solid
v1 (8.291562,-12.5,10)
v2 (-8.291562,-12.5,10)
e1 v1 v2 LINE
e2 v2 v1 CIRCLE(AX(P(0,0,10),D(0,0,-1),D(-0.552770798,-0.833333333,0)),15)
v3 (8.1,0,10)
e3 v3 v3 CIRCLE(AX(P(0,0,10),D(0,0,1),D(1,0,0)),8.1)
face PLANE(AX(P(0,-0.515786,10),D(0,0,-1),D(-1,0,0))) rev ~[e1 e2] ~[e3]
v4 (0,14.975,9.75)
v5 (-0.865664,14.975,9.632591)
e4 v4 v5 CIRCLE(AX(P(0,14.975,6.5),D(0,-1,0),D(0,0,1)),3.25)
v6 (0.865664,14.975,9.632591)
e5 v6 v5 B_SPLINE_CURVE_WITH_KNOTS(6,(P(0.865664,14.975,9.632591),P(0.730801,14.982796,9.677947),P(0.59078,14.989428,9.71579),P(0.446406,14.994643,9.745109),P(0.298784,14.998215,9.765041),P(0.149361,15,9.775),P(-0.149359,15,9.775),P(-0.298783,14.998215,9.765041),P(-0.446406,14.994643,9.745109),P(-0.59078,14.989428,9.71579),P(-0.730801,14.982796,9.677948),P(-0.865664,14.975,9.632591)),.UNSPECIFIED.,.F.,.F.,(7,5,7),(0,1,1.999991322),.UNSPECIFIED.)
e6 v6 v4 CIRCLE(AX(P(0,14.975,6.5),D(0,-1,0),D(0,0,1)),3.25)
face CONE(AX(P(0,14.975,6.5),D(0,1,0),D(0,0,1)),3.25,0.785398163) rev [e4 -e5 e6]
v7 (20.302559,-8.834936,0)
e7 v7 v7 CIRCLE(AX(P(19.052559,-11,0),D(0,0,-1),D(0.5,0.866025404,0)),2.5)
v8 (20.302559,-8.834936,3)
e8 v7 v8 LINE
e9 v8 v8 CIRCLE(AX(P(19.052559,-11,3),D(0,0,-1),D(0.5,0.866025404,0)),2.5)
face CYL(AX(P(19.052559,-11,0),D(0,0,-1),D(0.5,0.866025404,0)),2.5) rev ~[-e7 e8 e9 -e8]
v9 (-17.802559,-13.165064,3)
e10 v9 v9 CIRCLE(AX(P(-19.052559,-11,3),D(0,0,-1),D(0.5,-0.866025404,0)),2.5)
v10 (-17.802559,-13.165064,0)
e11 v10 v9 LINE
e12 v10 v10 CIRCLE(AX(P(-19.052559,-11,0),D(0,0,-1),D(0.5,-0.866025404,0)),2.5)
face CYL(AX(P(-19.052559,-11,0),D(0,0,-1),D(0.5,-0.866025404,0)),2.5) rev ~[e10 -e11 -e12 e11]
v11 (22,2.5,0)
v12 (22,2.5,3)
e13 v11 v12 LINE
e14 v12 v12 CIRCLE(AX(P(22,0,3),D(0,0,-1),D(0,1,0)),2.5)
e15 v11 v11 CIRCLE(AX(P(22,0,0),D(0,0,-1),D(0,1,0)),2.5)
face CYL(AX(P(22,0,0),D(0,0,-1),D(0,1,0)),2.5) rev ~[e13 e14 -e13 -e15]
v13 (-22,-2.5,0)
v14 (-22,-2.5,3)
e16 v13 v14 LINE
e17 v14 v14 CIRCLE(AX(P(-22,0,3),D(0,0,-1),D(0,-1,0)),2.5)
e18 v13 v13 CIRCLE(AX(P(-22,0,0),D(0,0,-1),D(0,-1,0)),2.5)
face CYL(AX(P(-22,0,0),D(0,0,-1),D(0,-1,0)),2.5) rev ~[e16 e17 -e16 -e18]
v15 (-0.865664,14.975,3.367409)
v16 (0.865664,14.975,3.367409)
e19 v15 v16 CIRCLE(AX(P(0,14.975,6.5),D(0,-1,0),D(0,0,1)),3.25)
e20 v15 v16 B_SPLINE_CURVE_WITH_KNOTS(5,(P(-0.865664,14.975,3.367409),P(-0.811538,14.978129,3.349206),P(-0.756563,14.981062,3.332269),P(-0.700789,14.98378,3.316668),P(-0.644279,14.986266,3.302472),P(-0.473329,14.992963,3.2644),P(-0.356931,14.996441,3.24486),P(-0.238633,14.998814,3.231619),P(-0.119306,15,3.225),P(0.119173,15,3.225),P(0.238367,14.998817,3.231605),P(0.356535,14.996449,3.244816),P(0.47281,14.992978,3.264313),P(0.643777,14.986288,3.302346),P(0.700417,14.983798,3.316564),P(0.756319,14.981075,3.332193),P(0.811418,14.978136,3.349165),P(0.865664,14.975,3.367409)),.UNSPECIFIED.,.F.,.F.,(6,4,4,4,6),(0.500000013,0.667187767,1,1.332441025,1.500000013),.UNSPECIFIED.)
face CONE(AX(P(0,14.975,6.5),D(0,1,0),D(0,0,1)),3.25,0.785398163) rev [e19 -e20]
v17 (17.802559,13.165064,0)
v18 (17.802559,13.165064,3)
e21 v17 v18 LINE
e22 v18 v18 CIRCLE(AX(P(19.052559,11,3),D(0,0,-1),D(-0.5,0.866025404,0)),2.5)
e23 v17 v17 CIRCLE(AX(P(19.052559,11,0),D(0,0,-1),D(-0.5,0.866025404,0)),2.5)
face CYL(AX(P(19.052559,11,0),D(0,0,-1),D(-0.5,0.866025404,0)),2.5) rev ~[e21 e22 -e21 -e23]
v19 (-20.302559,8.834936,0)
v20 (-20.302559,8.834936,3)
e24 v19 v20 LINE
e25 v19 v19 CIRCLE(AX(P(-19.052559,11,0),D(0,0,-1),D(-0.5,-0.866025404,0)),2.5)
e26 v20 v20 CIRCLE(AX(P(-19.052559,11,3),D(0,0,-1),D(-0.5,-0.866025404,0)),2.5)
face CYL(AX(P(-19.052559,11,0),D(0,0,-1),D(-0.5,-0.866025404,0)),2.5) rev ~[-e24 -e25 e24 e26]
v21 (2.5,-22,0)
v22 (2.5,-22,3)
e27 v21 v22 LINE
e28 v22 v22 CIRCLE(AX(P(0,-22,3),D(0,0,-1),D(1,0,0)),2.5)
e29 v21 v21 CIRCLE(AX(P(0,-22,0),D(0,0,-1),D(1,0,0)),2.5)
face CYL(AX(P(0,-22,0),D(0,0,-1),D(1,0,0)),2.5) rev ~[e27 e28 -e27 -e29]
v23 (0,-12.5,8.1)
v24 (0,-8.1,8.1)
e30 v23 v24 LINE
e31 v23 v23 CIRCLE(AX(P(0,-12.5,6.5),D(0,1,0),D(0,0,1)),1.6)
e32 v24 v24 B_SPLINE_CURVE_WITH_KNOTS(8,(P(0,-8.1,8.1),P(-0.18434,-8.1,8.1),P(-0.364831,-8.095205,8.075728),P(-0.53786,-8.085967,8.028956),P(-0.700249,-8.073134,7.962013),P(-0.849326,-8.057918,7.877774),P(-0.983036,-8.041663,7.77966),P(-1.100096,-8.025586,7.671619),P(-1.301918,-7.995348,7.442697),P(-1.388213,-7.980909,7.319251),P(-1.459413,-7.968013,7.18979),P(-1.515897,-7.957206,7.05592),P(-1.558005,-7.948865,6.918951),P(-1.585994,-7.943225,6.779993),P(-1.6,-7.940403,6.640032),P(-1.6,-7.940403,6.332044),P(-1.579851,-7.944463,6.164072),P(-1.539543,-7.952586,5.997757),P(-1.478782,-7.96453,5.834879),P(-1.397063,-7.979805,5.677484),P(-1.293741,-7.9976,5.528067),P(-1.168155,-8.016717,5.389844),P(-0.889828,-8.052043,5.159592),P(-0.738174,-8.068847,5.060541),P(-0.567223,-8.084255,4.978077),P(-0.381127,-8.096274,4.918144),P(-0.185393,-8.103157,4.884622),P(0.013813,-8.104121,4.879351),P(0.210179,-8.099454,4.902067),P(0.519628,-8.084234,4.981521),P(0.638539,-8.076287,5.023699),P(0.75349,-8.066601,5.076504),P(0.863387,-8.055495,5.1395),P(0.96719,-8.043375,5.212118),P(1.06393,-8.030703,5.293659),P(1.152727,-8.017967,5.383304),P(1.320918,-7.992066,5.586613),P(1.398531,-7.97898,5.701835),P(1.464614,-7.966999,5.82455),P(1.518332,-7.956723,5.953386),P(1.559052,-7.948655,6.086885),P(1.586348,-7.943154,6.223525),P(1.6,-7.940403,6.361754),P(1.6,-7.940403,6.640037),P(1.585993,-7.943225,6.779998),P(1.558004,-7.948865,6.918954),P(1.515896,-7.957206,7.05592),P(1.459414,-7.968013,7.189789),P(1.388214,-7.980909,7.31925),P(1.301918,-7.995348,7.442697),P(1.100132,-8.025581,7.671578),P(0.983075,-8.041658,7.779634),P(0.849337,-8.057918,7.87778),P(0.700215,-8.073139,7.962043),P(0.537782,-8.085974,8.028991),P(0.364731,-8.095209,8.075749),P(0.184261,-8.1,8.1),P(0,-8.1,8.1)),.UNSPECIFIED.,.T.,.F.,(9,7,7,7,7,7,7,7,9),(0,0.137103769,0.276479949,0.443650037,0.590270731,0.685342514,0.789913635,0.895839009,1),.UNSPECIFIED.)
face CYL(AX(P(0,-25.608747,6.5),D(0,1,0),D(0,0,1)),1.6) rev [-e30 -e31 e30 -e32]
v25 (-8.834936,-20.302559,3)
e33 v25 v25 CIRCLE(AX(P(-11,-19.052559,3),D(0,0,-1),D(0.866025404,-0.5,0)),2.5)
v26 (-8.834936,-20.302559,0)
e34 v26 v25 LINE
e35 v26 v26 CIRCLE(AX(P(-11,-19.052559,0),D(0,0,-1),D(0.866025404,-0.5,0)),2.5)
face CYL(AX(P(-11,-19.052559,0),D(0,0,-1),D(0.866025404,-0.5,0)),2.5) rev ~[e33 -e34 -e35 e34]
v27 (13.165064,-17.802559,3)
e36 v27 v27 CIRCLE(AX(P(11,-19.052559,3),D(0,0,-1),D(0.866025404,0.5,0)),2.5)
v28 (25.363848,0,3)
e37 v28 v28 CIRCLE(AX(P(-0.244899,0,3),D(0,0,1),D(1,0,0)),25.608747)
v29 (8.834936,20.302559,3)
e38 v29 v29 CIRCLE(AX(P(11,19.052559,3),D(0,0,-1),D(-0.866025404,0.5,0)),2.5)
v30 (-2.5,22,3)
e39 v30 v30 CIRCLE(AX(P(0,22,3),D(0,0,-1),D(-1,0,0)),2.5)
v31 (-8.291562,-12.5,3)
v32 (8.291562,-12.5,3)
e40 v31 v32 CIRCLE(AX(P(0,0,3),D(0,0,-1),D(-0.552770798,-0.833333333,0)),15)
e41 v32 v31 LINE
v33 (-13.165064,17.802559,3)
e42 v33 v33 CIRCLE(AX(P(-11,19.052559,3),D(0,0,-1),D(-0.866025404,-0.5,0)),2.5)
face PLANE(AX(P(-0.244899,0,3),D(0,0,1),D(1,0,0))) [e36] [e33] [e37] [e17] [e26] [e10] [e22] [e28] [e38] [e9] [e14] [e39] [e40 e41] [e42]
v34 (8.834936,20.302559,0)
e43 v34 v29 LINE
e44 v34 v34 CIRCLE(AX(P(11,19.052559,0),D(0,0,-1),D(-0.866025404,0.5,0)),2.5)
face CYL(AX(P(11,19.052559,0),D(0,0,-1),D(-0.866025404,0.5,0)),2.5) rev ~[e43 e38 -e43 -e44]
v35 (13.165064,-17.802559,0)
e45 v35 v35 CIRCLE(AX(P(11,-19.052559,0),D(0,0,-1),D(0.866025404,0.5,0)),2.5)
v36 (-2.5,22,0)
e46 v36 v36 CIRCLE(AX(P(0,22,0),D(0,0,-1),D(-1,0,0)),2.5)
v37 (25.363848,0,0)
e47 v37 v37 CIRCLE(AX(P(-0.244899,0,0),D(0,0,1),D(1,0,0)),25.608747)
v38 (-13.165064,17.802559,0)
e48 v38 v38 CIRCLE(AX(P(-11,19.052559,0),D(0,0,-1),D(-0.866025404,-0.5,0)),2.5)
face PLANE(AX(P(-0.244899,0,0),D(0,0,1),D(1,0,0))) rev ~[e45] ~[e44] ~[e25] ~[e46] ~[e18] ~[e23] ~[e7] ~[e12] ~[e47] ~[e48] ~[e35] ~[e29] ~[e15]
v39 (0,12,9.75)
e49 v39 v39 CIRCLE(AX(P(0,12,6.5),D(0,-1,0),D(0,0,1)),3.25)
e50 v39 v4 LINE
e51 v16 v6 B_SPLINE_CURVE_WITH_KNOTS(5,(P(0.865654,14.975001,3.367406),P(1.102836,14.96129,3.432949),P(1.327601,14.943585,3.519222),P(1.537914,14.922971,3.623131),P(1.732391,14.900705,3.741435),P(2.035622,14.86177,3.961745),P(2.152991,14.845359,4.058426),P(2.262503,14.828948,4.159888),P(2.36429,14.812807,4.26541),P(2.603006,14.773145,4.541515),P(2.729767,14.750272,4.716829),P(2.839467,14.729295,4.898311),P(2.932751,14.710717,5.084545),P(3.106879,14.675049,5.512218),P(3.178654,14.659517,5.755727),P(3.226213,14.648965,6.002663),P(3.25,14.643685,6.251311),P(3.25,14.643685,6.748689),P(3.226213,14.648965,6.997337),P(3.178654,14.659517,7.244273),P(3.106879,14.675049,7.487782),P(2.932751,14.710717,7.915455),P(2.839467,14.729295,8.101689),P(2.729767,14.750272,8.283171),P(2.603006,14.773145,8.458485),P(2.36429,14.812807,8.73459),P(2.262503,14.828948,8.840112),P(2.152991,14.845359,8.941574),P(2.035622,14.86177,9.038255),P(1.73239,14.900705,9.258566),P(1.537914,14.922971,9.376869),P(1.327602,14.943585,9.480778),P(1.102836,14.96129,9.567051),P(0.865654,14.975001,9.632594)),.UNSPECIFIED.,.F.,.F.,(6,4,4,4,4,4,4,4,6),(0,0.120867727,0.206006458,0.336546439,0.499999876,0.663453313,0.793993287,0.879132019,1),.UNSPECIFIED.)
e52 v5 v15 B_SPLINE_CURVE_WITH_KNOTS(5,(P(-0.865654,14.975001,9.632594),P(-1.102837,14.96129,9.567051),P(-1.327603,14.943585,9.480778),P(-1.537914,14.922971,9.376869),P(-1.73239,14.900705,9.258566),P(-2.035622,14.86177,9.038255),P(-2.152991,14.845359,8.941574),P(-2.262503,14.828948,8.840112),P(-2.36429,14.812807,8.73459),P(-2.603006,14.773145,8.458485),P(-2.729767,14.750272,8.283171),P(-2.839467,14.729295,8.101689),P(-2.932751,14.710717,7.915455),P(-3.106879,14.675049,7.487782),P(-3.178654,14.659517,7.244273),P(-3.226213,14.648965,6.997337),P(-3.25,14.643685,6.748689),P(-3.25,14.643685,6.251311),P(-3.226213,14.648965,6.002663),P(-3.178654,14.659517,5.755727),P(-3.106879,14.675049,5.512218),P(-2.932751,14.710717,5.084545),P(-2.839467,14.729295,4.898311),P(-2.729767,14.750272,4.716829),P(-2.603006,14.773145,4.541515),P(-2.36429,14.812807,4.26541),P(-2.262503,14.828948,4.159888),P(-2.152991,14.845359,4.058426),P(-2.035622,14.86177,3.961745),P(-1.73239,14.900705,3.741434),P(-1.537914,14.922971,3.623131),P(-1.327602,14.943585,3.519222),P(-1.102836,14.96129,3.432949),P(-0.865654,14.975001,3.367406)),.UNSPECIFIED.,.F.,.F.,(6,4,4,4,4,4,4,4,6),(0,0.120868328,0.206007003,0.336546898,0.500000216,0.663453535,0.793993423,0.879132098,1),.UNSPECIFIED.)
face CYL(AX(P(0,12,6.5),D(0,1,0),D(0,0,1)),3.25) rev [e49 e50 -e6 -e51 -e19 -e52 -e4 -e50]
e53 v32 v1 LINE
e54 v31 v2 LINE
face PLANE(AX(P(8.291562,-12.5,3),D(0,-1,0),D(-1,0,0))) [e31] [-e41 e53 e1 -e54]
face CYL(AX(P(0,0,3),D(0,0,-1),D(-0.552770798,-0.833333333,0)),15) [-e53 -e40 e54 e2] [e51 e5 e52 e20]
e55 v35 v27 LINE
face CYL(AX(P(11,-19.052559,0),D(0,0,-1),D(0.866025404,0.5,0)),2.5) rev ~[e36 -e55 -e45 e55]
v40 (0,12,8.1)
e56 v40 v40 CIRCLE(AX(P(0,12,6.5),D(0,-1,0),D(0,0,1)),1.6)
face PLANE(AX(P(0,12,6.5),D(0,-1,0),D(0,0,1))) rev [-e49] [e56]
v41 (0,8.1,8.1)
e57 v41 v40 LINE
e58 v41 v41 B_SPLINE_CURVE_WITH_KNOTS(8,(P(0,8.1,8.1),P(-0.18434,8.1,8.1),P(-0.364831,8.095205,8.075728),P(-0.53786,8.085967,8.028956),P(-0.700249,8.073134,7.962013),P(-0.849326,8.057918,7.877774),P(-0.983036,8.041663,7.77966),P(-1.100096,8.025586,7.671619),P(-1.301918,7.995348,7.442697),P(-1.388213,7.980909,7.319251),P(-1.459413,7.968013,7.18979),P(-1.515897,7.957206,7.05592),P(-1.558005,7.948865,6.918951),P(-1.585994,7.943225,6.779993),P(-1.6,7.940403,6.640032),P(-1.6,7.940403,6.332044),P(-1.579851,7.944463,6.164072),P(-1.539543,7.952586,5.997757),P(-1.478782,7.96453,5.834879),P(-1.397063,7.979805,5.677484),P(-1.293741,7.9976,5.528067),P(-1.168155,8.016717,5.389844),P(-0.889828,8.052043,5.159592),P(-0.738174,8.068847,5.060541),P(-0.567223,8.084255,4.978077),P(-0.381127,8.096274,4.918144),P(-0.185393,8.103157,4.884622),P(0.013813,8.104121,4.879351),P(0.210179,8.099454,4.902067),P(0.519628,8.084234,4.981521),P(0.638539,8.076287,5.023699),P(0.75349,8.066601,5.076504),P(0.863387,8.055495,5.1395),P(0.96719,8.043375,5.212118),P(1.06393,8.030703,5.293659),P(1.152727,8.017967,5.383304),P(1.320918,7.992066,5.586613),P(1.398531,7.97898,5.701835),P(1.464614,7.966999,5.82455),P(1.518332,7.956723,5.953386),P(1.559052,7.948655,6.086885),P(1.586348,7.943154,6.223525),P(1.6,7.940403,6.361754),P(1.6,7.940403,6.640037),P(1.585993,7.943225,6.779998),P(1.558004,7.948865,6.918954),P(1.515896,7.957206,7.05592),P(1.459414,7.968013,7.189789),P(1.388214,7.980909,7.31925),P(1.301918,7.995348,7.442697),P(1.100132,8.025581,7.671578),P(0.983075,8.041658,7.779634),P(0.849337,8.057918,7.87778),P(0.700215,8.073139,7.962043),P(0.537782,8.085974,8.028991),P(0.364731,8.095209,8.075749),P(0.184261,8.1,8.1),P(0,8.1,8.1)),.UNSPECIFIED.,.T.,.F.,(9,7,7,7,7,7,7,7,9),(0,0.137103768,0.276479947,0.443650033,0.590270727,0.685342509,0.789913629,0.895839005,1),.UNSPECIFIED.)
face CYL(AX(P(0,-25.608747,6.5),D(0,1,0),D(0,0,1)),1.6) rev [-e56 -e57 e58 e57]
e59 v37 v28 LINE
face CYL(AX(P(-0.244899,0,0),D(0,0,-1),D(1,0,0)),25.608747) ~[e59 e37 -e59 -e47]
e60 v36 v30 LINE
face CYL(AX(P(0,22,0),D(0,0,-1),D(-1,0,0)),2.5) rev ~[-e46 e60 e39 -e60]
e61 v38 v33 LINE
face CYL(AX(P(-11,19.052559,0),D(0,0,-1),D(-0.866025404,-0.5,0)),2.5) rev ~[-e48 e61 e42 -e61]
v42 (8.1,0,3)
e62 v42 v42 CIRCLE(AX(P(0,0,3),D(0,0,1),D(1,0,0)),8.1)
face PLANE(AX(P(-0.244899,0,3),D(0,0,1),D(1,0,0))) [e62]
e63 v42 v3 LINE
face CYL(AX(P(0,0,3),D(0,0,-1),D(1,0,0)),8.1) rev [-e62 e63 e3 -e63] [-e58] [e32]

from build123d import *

# Parameters (mm, degrees)
SKETCH1_R           = 25.608746635
BOSS_EXTRUDE1_DEPTH = 3
SKETCH2_R           = 8.1
BOSS_EXTRUDE2_DEPTH = 7
SKETCH7_R           = 2.5
CUT_EXTRUDE1_DEPTH  = 10
CIRPATTERN1_COUNT   = 12


with BuildPart() as part:
    # Sketch1 → Boss-Extrude1 (new body)
    with BuildSketch(Plane.XY):
        with Locations((-0.244898521, 0)):
            Circle(SKETCH1_R)
    extrude(amount=BOSS_EXTRUDE1_DEPTH)

    # Sketch2 → Boss-Extrude2 (add)
    with BuildSketch(Plane.XY.offset(3)):
        with BuildLine():
            Line((8.291561976, -12.5), (-8.291561976, -12.5))
            ThreePointArc((-8.291561976, -12.5), (0, 15), (8.291561976, -12.5))
        make_face()
        Circle(SKETCH2_R, mode=Mode.SUBTRACT)
    extrude(amount=BOSS_EXTRUDE2_DEPTH)

    # Sketch4 → CBORE for M3 SHCS1 (revolve, cut)
    with BuildSketch(Plane(origin=(0, 15, 6.5), x_dir=(0, 0, 1), z_dir=(1, 0, 0))):
        Polygon((0, 0), (0, 40.608746635), (1.6, 40.608746635), (1.6, 3), (3.25, 3), (3.25, 0.025), (3.275, 0), align=None)
    revolve(axis=Axis((0, 21.35, 6.5), (0, -1, 0)), mode=Mode.SUBTRACT)

    # Sketch7 → Cut-Extrude1 (cut)
    with BuildSketch(Plane(origin=(0, 0, 0), x_dir=(-1, 0, 0), z_dir=(0, 0, -1))):
        with Locations((0, 22)):
            Circle(SKETCH7_R)
    cut_extrude1 = extrude(amount=-CUT_EXTRUDE1_DEPTH, mode=Mode.SUBTRACT)

    # CirPattern1: Cut-Extrude1 ×12 about axis
    cirpattern1_axis = Axis((0, 0, 0), (0, 0, 1))
    for i in range(1, CIRPATTERN1_COUNT):
        add(cut_extrude1.rotate(cirpattern1_axis, i * 360 / CIRPATTERN1_COUNT), mode=Mode.SUBTRACT)


solid = part.part
